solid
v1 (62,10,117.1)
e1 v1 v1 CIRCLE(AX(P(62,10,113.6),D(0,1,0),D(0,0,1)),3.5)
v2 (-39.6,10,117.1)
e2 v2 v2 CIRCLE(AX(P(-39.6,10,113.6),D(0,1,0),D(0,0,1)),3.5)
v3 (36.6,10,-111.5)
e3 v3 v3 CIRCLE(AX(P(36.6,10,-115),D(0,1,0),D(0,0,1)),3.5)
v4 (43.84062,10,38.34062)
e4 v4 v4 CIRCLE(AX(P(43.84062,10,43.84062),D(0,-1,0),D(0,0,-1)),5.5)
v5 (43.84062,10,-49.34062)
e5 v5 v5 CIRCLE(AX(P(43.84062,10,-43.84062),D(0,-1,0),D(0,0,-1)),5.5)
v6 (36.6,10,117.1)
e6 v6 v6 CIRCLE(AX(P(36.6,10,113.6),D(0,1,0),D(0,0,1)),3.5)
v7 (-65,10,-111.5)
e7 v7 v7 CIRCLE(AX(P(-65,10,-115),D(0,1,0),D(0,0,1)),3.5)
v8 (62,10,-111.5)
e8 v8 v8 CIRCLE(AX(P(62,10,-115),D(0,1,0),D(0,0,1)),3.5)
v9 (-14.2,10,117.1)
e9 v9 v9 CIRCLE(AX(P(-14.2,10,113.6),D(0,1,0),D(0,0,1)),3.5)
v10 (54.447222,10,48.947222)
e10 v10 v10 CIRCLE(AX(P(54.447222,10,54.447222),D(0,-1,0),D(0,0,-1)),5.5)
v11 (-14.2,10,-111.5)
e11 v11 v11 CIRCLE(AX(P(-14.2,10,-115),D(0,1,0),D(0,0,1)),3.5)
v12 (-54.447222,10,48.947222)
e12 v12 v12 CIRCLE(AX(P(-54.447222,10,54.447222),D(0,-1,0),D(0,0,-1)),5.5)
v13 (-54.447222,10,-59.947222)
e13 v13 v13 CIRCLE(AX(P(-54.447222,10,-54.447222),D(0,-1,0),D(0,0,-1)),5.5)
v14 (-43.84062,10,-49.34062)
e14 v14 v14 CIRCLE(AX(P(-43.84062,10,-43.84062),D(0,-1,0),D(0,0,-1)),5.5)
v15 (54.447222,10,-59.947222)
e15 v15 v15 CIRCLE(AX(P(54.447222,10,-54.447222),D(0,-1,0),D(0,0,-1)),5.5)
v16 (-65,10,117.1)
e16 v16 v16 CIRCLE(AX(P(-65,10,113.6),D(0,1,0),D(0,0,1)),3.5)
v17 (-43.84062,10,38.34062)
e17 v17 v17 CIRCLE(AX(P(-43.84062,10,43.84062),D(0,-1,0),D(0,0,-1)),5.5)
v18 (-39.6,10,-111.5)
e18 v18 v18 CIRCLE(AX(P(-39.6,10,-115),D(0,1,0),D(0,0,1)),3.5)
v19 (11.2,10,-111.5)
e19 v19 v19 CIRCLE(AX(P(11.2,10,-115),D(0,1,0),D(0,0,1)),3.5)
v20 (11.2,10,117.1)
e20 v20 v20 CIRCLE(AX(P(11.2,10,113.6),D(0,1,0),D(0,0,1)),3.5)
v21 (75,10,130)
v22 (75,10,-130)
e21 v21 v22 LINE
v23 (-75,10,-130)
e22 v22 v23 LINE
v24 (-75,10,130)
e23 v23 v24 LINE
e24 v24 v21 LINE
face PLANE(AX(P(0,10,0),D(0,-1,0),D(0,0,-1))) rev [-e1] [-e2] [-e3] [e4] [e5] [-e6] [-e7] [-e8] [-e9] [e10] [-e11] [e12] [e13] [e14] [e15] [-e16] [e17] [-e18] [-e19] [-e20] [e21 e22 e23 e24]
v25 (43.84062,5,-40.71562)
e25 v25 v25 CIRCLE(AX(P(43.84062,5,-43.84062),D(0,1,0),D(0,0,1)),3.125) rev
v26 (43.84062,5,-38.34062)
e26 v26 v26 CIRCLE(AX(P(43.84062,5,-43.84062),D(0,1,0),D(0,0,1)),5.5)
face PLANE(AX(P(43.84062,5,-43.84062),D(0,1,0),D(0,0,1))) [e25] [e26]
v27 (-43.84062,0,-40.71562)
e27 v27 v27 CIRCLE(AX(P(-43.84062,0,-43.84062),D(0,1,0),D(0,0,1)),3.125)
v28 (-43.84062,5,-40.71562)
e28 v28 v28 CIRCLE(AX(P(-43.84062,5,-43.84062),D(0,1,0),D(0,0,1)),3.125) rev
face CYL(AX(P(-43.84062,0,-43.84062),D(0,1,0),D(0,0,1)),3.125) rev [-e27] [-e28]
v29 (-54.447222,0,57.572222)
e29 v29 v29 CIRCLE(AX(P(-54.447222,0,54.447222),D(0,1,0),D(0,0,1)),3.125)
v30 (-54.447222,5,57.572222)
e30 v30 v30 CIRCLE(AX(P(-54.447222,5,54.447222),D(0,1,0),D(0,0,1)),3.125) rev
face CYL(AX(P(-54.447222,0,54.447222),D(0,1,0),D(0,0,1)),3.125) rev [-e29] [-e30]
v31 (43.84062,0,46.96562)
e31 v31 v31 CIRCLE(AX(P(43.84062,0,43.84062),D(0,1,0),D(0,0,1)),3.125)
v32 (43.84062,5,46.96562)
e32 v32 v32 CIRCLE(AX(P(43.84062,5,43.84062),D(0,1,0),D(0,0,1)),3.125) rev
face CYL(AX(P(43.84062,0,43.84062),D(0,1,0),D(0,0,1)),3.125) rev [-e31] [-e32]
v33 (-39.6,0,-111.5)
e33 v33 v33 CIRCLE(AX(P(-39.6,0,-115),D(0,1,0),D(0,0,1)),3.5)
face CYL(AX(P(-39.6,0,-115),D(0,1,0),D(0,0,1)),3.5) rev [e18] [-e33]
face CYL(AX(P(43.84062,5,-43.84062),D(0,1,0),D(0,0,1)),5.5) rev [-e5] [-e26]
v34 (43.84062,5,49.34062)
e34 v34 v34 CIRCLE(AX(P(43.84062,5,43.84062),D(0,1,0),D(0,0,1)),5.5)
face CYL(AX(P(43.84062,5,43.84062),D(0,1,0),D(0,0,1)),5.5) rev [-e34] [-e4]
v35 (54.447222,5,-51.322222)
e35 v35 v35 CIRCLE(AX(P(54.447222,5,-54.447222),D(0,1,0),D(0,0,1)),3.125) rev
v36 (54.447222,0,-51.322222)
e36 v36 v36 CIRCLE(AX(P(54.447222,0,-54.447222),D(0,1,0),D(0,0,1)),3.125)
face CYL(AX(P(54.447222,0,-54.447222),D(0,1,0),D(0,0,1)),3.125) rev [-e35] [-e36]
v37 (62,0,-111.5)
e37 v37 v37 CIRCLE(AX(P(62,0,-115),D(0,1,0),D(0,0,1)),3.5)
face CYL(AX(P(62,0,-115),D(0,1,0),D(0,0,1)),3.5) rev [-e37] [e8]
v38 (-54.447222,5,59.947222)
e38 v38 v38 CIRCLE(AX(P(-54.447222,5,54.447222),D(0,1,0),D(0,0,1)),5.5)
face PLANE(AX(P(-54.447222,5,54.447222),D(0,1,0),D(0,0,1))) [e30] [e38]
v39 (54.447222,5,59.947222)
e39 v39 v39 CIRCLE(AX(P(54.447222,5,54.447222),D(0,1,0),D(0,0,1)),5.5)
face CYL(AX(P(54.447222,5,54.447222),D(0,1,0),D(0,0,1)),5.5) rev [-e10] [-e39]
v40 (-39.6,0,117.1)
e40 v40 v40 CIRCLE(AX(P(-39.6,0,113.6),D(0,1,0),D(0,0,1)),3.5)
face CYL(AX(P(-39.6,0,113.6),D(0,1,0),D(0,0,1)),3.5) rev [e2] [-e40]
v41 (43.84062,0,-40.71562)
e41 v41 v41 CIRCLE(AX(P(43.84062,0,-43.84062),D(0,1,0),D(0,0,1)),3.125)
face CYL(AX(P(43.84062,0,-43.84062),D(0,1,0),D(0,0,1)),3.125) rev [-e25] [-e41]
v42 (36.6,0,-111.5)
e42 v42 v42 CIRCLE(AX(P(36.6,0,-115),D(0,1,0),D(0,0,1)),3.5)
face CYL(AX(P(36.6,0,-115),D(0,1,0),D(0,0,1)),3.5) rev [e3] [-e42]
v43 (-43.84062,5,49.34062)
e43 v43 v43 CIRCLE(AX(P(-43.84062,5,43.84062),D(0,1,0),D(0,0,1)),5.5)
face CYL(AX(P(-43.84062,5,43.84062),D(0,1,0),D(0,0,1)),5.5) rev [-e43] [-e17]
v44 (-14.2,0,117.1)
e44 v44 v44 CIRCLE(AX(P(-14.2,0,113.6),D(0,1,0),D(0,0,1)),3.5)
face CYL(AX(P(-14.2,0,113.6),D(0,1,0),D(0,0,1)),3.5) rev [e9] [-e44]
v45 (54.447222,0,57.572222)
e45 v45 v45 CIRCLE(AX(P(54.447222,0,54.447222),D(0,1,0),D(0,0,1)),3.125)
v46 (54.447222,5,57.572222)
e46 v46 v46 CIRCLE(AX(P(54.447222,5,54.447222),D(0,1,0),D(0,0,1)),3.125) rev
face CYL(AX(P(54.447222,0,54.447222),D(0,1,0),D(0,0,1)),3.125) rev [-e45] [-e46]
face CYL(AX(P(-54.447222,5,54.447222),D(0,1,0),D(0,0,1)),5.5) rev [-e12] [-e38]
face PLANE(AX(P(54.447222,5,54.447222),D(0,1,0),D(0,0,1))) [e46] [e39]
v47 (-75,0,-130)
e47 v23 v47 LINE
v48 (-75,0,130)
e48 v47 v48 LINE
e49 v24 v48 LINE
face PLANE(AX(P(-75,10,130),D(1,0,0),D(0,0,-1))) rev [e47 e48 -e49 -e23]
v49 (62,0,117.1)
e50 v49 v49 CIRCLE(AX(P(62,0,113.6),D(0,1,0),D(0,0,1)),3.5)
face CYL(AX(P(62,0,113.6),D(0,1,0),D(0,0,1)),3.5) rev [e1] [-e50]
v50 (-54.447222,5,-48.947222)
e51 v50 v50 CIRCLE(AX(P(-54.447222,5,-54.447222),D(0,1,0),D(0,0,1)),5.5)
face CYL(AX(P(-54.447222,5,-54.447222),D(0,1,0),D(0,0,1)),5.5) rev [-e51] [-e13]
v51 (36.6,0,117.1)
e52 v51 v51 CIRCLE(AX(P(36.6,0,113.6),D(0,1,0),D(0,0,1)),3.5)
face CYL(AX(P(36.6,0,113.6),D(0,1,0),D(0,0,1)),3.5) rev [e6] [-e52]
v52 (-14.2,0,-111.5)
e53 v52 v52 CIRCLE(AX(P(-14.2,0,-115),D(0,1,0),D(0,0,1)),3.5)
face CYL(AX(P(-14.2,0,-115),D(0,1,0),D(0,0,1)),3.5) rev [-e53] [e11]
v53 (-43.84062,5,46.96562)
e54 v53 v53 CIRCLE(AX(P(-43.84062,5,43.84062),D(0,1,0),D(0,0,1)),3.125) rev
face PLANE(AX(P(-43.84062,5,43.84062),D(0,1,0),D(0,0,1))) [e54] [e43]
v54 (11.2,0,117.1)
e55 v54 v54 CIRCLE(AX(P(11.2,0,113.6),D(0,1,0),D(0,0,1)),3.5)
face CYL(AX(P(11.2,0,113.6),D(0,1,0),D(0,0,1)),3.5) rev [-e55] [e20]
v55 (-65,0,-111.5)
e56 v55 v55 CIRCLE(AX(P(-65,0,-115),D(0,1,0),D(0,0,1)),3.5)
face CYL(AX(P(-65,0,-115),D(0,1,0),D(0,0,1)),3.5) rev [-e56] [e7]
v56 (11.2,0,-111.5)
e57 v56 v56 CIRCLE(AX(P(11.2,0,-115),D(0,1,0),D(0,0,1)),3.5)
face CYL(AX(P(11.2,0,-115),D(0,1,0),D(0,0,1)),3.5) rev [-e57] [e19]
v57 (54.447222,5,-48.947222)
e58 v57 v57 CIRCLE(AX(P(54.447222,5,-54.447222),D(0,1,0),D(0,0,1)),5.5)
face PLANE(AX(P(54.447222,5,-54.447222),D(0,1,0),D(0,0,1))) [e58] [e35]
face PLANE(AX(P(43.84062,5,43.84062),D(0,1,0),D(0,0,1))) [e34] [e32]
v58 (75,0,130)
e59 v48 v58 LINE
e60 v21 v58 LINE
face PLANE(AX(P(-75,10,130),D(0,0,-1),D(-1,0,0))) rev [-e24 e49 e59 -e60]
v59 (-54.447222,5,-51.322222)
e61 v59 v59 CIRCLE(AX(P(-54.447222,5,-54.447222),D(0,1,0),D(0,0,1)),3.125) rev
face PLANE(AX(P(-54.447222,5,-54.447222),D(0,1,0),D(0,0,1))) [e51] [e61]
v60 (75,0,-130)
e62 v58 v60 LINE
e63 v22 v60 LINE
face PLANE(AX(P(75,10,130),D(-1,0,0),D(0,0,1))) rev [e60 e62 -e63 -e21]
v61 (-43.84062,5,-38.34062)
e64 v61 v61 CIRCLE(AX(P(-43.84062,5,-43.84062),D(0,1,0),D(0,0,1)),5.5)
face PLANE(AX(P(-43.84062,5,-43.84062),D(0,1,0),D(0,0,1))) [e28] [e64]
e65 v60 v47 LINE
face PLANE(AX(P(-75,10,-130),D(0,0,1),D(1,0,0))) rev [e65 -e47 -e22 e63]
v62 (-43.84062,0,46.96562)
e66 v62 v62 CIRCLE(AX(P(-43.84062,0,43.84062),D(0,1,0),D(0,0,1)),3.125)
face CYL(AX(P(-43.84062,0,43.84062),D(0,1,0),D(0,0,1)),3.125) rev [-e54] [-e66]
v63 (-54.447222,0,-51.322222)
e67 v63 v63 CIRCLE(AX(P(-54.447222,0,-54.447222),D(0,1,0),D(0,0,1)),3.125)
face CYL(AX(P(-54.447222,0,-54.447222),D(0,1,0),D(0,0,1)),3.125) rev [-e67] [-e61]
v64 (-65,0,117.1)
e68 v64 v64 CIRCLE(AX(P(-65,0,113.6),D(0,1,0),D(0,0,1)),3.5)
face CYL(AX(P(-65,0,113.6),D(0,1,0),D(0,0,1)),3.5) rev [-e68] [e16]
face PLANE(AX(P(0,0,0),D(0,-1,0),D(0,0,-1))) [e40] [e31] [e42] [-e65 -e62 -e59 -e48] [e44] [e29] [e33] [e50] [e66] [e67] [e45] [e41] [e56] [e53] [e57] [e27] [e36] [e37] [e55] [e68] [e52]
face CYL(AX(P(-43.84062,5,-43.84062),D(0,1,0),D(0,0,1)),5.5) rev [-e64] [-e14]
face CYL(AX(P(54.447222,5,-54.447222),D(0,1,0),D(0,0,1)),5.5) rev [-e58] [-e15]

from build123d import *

# Parameters (mm, degrees)
SKETCH2_W           = 150
SKETCH2_H           = 260
BOSS_EXTRUDE1_DEPTH = 10
SKETCH3_R           = 3.125
CUT_EXTRUDE1_DEPTH  = 151.416089565
SKETCH4_R           = 5.5
CUT_EXTRUDE2_DEPTH  = 5
SKETCH5_R           = 3.5
CUT_EXTRUDE3_DEPTH  = 151.416089565


with BuildPart() as part:
    # Sketch2 → Boss-Extrude1 (new body)
    with BuildSketch(Plane(origin=(0, 0, 0), x_dir=(1, 0, 0), z_dir=(0, 1, 0))):
        Rectangle(SKETCH2_W, SKETCH2_H)
    extrude(amount=BOSS_EXTRUDE1_DEPTH)

    # Sketch3 → Cut-Extrude1 (cut, through all)
    with BuildSketch(Plane(origin=(0, 10, 0), x_dir=(1, 0, 0), z_dir=(0, 1, 0))):
        with Locations(Location((-54.447222151, -54.447222151, 0), (0, 0, 270))):
            Circle(SKETCH3_R)
        with Locations(Location((-43.840620434, -43.840620434, 0), (0, 0, 270))):
            Circle(SKETCH3_R)
        with Locations(Location((54.447222151, 54.447222151, 0), (0, 0, 270))):
            Circle(SKETCH3_R)
        with Locations(Location((43.840620434, 43.840620434, 0), (0, 0, 270))):
            Circle(SKETCH3_R)
        with Locations(Location((-54.447222151, 54.447222151, 0), (0, 0, 270))):
            Circle(SKETCH3_R)
        with Locations(Location((-43.840620434, 43.840620434, 0), (0, 0, 270))):
            Circle(SKETCH3_R)
        with Locations(Location((54.447222151, -54.447222151, 0), (0, 0, 270))):
            Circle(SKETCH3_R)
        with Locations(Location((43.840620434, -43.840620434, 0), (0, 0, 270))):
            Circle(SKETCH3_R)
    extrude(amount=-CUT_EXTRUDE1_DEPTH, mode=Mode.SUBTRACT)

    # Sketch4 → Cut-Extrude2 (cut, symmetric)
    with BuildSketch(Plane(origin=(0, 10, 0), x_dir=(1, 0, 0), z_dir=(0, 1, 0))):
        with Locations(Location((-43.840620434, -43.840620434, 0), (0, 0, 270))):
            Circle(SKETCH4_R)
        with Locations(Location((-54.447222151, -54.447222151, 0), (0, 0, 270))):
            Circle(SKETCH4_R)
        with Locations(Location((43.840620434, -43.840620434, 0), (0, 0, 270))):
            Circle(SKETCH4_R)
        with Locations(Location((54.447222151, -54.447222151, 0), (0, 0, 270))):
            Circle(SKETCH4_R)
        with Locations(Location((43.840620434, 43.840620434, 0), (0, 0, 270))):
            Circle(SKETCH4_R)
        with Locations(Location((54.447222151, 54.447222151, 0), (0, 0, 270))):
            Circle(SKETCH4_R)
        with Locations(Location((-43.840620434, 43.840620434, 0), (0, 0, 270))):
            Circle(SKETCH4_R)
        with Locations(Location((-54.447222151, 54.447222151, 0), (0, 0, 270))):
            Circle(SKETCH4_R)
    extrude(amount=CUT_EXTRUDE2_DEPTH, both=True, mode=Mode.SUBTRACT)

    # Sketch5 → Cut-Extrude3 (cut, through all)
    with BuildSketch(Plane(origin=(0, 10, 0), x_dir=(1, 0, 0), z_dir=(0, 1, 0))):
        with Locations(Location((-65, 115, 0), (0, 0, 270))):
            Circle(SKETCH5_R)
        with Locations(Location((-39.6, 115, 0), (0, 0, 270))):
            Circle(SKETCH5_R)
        with Locations(Location((-14.2, 115, 0), (0, 0, 270))):
            Circle(SKETCH5_R)
        with Locations(Location((11.2, 115, 0), (0, 0, 270))):
            Circle(SKETCH5_R)
        with Locations(Location((36.6, 115, 0), (0, 0, 270))):
            Circle(SKETCH5_R)
        with Locations(Location((62, 115, 0), (0, 0, 270))):
            Circle(SKETCH5_R)
        with Locations(Location((-65, -113.6, 0), (0, 0, 270))):
            Circle(SKETCH5_R)
        with Locations(Location((-39.6, -113.6, 0), (0, 0, 270))):
            Circle(SKETCH5_R)
        with Locations(Location((-14.2, -113.6, 0), (0, 0, 270))):
            Circle(SKETCH5_R)
        with Locations(Location((11.2, -113.6, 0), (0, 0, 270))):
            Circle(SKETCH5_R)
        with Locations(Location((36.6, -113.6, 0), (0, 0, 270))):
            Circle(SKETCH5_R)
        with Locations(Location((62, -113.6, 0), (0, 0, 270))):
            Circle(SKETCH5_R)
    extrude(amount=-CUT_EXTRUDE3_DEPTH, mode=Mode.SUBTRACT)


solid = part.part
